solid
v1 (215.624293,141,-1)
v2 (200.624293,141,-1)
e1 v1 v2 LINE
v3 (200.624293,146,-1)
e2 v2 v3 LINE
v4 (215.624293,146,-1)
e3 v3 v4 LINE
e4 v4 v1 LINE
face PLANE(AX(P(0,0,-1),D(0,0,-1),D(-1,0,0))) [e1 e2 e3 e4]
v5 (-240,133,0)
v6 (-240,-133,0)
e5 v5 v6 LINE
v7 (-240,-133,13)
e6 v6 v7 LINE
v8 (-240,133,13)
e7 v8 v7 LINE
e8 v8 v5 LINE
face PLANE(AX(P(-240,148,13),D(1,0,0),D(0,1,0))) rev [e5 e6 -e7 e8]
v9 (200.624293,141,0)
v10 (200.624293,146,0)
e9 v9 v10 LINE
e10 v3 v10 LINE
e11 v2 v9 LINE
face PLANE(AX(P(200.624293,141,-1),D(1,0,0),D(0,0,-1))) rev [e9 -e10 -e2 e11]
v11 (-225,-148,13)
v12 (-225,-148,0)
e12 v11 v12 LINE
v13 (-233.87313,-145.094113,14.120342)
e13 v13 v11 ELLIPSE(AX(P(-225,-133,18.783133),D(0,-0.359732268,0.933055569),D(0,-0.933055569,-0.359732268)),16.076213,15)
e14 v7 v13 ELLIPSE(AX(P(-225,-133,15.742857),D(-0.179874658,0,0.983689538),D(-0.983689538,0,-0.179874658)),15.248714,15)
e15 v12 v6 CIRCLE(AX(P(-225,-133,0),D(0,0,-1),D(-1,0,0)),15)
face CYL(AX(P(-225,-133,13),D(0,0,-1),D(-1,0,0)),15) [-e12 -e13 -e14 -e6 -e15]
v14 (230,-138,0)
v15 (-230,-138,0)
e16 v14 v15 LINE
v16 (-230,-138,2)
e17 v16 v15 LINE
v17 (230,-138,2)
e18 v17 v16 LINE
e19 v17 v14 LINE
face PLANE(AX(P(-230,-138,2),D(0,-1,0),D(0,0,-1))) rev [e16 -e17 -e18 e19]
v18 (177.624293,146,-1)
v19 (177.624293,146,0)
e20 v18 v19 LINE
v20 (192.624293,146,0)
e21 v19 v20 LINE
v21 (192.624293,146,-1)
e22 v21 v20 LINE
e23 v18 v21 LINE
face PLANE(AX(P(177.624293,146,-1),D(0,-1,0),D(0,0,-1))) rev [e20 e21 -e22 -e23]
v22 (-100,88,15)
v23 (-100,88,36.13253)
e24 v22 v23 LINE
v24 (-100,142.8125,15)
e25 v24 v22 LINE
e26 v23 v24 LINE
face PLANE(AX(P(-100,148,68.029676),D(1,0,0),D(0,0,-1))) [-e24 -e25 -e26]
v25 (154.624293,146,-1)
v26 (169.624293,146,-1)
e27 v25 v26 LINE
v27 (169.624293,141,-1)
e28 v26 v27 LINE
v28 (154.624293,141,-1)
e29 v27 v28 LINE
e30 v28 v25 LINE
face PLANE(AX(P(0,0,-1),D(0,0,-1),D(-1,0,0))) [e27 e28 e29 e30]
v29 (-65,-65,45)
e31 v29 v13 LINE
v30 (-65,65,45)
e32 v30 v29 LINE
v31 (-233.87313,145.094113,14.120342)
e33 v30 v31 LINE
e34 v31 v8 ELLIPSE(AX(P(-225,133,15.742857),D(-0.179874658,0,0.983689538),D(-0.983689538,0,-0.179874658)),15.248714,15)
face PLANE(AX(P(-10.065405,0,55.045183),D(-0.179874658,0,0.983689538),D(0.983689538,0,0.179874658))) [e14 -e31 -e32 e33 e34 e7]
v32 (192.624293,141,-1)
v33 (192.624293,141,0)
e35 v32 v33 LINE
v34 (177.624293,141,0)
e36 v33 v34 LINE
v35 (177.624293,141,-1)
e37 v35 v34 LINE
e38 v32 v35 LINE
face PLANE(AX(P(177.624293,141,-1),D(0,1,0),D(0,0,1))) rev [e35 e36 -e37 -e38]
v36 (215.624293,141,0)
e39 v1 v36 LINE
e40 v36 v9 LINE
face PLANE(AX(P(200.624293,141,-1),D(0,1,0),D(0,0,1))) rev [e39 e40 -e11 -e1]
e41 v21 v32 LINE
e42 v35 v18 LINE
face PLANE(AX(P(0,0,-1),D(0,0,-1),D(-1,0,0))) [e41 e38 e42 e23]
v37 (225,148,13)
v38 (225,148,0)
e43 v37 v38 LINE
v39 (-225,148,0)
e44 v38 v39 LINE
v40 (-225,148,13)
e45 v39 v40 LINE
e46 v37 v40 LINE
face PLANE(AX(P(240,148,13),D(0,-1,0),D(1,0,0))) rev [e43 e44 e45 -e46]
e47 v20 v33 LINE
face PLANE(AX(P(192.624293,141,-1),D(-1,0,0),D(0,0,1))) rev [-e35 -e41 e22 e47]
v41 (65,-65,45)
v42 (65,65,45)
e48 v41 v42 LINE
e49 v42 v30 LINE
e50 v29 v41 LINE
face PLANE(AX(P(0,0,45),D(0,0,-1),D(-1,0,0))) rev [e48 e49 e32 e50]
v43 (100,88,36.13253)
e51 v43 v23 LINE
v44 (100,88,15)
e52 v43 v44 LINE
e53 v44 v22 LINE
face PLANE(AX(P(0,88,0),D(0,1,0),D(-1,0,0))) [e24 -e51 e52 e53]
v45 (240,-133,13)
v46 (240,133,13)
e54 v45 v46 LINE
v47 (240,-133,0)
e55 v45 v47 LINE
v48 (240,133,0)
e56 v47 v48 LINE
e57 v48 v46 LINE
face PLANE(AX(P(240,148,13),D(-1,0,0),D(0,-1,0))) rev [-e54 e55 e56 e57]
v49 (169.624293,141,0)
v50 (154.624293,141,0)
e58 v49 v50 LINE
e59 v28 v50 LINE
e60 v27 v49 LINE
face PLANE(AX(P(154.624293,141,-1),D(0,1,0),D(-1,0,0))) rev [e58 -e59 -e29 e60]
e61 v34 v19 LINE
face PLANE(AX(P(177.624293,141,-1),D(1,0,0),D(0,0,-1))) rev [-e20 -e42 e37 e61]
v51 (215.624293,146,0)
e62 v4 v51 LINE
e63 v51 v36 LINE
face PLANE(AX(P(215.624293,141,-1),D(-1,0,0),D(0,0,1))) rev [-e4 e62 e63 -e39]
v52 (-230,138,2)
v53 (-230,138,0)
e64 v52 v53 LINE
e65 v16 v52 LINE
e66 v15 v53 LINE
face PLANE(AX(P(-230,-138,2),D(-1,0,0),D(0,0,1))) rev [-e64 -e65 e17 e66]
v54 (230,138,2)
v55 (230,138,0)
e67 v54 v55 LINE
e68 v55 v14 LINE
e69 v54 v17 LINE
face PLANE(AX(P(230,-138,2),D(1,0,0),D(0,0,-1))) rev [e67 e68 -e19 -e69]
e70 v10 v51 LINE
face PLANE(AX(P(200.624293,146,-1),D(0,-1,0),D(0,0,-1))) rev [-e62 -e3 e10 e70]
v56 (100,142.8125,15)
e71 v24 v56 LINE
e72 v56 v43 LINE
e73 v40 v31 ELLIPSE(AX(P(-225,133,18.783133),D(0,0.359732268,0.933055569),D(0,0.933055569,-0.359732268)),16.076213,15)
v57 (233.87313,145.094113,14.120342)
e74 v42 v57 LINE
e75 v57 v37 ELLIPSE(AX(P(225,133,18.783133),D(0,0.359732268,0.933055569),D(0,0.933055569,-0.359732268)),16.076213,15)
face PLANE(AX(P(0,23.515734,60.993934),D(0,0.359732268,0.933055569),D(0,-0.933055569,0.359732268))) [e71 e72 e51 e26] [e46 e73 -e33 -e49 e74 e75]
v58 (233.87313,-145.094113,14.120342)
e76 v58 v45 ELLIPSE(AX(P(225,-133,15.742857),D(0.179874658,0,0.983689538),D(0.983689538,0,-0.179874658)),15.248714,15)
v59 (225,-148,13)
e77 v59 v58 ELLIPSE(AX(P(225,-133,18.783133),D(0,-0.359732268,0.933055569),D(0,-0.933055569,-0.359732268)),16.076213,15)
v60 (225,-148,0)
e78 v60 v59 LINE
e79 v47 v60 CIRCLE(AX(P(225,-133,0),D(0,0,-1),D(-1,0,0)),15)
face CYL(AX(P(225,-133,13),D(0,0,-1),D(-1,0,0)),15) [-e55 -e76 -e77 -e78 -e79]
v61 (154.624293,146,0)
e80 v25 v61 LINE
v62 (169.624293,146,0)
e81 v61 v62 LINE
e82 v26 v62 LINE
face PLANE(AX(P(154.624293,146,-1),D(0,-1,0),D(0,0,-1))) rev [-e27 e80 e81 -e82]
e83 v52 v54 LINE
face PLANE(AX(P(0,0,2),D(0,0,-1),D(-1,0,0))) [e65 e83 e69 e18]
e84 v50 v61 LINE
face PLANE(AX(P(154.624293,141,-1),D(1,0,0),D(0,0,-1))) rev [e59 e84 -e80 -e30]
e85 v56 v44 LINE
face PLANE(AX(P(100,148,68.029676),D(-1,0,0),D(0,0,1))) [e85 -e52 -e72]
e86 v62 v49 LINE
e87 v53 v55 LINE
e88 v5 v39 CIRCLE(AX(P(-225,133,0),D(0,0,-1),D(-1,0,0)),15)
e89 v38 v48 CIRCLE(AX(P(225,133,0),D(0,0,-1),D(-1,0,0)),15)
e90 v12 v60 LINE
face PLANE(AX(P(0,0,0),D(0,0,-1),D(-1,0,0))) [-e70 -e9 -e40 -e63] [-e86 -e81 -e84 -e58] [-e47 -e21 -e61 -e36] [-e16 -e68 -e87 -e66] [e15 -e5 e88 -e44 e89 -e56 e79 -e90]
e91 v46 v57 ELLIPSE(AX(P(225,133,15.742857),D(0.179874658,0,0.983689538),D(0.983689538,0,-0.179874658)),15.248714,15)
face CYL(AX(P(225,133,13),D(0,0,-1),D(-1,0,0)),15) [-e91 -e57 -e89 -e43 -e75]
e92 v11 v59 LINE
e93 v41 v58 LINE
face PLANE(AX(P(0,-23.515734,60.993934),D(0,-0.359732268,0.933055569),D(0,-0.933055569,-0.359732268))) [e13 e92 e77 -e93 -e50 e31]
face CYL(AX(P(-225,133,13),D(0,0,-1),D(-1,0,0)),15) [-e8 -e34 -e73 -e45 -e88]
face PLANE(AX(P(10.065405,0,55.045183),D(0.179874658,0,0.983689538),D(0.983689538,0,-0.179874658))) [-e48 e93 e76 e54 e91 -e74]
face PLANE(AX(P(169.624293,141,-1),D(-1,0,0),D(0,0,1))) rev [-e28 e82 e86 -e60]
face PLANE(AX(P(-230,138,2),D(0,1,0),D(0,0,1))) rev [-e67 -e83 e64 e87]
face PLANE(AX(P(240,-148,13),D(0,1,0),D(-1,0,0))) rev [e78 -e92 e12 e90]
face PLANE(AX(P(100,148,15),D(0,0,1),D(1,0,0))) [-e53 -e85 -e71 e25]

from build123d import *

# Parameters (mm, degrees)
ESQUISSE1_W             = 480
ESQUISSE1_H             = 296
BOSS_EXTRU_1_DEPTH      = 13
ESQUISSE2_W             = 130
ESQUISSE2_H             = 130
ESQUISSE3_W             = 460
ESQUISSE3_H             = 276
ENL_V_MAT_EXTRU_1_DEPTH = 2
CONG_1_R                = 15
ESQUISSE4_W             = 200
ESQUISSE4_H             = 53.029675638
ENL_V_MAT_EXTRU_2_DEPTH = 61.0000001
ESQUISSE5_W             = 15
ESQUISSE5_H             = 5
BOSS_EXTRU_2_DEPTH      = 1


with BuildPart() as part:
    # Esquisse1 → Boss.-Extru.1 (new body)
    with BuildSketch(Plane.XY):
        Rectangle(ESQUISSE1_W, ESQUISSE1_H)
    extrude(amount=BOSS_EXTRU_1_DEPTH)

    # Esquisse2 → section 0 of lissage1
    with BuildSketch(Plane.XY.offset(45), mode=Mode.PRIVATE) as lissage1_s0:
        Rectangle(ESQUISSE2_W, ESQUISSE2_H)
    # loft up to a face of the part (lissage1)
    loft([lissage1_s0.sketch, part.faces().sort_by_distance((0, 0, 13))[0]])

    # Esquisse3 → Enlèv. mat.-Extru.1 (cut)
    with BuildSketch(Plane(origin=(0, 0, 0), x_dir=(-1, 0, 0), z_dir=(0, 0, -1))):
        Rectangle(ESQUISSE3_W, ESQUISSE3_H)
    extrude(amount=-ENL_V_MAT_EXTRU_1_DEPTH, mode=Mode.SUBTRACT)

    # Congé1
    cong_1_edges = [part.edges().sort_by_distance(p)[0] for p in [
        (-240, 148, 6.5),
        (240, 148, 6.5),
        (240, -148, 6.5),
        (-240, -148, 6.5),
    ]]
    fillet(cong_1_edges, radius=CONG_1_R)

    # Esquisse4 → Enlèv. mat.-Extru.2 (cut, through all)
    with BuildSketch(Plane(origin=(0, 88, 0), x_dir=(1, 0, 0), z_dir=(0, 1, 0))):
        with Locations((0, -41.514837819)):
            Rectangle(ESQUISSE4_W, ESQUISSE4_H)
    extrude(amount=ENL_V_MAT_EXTRU_2_DEPTH, mode=Mode.SUBTRACT)

    # Esquisse5 → Boss.-Extru.2 (add)
    with BuildSketch(Plane(origin=(0, 0, 0), x_dir=(-1, 0, 0), z_dir=(0, 0, -1))):
        with Locations((-208.124292846, 143.5)):
            Rectangle(ESQUISSE5_W, ESQUISSE5_H)
        with Locations((-185.124292846, 143.5)):
            Rectangle(ESQUISSE5_W, ESQUISSE5_H)
        with Locations((-162.124292846, 143.5)):
            Rectangle(ESQUISSE5_W, ESQUISSE5_H)
    extrude(amount=BOSS_EXTRU_2_DEPTH)


solid = part.part
